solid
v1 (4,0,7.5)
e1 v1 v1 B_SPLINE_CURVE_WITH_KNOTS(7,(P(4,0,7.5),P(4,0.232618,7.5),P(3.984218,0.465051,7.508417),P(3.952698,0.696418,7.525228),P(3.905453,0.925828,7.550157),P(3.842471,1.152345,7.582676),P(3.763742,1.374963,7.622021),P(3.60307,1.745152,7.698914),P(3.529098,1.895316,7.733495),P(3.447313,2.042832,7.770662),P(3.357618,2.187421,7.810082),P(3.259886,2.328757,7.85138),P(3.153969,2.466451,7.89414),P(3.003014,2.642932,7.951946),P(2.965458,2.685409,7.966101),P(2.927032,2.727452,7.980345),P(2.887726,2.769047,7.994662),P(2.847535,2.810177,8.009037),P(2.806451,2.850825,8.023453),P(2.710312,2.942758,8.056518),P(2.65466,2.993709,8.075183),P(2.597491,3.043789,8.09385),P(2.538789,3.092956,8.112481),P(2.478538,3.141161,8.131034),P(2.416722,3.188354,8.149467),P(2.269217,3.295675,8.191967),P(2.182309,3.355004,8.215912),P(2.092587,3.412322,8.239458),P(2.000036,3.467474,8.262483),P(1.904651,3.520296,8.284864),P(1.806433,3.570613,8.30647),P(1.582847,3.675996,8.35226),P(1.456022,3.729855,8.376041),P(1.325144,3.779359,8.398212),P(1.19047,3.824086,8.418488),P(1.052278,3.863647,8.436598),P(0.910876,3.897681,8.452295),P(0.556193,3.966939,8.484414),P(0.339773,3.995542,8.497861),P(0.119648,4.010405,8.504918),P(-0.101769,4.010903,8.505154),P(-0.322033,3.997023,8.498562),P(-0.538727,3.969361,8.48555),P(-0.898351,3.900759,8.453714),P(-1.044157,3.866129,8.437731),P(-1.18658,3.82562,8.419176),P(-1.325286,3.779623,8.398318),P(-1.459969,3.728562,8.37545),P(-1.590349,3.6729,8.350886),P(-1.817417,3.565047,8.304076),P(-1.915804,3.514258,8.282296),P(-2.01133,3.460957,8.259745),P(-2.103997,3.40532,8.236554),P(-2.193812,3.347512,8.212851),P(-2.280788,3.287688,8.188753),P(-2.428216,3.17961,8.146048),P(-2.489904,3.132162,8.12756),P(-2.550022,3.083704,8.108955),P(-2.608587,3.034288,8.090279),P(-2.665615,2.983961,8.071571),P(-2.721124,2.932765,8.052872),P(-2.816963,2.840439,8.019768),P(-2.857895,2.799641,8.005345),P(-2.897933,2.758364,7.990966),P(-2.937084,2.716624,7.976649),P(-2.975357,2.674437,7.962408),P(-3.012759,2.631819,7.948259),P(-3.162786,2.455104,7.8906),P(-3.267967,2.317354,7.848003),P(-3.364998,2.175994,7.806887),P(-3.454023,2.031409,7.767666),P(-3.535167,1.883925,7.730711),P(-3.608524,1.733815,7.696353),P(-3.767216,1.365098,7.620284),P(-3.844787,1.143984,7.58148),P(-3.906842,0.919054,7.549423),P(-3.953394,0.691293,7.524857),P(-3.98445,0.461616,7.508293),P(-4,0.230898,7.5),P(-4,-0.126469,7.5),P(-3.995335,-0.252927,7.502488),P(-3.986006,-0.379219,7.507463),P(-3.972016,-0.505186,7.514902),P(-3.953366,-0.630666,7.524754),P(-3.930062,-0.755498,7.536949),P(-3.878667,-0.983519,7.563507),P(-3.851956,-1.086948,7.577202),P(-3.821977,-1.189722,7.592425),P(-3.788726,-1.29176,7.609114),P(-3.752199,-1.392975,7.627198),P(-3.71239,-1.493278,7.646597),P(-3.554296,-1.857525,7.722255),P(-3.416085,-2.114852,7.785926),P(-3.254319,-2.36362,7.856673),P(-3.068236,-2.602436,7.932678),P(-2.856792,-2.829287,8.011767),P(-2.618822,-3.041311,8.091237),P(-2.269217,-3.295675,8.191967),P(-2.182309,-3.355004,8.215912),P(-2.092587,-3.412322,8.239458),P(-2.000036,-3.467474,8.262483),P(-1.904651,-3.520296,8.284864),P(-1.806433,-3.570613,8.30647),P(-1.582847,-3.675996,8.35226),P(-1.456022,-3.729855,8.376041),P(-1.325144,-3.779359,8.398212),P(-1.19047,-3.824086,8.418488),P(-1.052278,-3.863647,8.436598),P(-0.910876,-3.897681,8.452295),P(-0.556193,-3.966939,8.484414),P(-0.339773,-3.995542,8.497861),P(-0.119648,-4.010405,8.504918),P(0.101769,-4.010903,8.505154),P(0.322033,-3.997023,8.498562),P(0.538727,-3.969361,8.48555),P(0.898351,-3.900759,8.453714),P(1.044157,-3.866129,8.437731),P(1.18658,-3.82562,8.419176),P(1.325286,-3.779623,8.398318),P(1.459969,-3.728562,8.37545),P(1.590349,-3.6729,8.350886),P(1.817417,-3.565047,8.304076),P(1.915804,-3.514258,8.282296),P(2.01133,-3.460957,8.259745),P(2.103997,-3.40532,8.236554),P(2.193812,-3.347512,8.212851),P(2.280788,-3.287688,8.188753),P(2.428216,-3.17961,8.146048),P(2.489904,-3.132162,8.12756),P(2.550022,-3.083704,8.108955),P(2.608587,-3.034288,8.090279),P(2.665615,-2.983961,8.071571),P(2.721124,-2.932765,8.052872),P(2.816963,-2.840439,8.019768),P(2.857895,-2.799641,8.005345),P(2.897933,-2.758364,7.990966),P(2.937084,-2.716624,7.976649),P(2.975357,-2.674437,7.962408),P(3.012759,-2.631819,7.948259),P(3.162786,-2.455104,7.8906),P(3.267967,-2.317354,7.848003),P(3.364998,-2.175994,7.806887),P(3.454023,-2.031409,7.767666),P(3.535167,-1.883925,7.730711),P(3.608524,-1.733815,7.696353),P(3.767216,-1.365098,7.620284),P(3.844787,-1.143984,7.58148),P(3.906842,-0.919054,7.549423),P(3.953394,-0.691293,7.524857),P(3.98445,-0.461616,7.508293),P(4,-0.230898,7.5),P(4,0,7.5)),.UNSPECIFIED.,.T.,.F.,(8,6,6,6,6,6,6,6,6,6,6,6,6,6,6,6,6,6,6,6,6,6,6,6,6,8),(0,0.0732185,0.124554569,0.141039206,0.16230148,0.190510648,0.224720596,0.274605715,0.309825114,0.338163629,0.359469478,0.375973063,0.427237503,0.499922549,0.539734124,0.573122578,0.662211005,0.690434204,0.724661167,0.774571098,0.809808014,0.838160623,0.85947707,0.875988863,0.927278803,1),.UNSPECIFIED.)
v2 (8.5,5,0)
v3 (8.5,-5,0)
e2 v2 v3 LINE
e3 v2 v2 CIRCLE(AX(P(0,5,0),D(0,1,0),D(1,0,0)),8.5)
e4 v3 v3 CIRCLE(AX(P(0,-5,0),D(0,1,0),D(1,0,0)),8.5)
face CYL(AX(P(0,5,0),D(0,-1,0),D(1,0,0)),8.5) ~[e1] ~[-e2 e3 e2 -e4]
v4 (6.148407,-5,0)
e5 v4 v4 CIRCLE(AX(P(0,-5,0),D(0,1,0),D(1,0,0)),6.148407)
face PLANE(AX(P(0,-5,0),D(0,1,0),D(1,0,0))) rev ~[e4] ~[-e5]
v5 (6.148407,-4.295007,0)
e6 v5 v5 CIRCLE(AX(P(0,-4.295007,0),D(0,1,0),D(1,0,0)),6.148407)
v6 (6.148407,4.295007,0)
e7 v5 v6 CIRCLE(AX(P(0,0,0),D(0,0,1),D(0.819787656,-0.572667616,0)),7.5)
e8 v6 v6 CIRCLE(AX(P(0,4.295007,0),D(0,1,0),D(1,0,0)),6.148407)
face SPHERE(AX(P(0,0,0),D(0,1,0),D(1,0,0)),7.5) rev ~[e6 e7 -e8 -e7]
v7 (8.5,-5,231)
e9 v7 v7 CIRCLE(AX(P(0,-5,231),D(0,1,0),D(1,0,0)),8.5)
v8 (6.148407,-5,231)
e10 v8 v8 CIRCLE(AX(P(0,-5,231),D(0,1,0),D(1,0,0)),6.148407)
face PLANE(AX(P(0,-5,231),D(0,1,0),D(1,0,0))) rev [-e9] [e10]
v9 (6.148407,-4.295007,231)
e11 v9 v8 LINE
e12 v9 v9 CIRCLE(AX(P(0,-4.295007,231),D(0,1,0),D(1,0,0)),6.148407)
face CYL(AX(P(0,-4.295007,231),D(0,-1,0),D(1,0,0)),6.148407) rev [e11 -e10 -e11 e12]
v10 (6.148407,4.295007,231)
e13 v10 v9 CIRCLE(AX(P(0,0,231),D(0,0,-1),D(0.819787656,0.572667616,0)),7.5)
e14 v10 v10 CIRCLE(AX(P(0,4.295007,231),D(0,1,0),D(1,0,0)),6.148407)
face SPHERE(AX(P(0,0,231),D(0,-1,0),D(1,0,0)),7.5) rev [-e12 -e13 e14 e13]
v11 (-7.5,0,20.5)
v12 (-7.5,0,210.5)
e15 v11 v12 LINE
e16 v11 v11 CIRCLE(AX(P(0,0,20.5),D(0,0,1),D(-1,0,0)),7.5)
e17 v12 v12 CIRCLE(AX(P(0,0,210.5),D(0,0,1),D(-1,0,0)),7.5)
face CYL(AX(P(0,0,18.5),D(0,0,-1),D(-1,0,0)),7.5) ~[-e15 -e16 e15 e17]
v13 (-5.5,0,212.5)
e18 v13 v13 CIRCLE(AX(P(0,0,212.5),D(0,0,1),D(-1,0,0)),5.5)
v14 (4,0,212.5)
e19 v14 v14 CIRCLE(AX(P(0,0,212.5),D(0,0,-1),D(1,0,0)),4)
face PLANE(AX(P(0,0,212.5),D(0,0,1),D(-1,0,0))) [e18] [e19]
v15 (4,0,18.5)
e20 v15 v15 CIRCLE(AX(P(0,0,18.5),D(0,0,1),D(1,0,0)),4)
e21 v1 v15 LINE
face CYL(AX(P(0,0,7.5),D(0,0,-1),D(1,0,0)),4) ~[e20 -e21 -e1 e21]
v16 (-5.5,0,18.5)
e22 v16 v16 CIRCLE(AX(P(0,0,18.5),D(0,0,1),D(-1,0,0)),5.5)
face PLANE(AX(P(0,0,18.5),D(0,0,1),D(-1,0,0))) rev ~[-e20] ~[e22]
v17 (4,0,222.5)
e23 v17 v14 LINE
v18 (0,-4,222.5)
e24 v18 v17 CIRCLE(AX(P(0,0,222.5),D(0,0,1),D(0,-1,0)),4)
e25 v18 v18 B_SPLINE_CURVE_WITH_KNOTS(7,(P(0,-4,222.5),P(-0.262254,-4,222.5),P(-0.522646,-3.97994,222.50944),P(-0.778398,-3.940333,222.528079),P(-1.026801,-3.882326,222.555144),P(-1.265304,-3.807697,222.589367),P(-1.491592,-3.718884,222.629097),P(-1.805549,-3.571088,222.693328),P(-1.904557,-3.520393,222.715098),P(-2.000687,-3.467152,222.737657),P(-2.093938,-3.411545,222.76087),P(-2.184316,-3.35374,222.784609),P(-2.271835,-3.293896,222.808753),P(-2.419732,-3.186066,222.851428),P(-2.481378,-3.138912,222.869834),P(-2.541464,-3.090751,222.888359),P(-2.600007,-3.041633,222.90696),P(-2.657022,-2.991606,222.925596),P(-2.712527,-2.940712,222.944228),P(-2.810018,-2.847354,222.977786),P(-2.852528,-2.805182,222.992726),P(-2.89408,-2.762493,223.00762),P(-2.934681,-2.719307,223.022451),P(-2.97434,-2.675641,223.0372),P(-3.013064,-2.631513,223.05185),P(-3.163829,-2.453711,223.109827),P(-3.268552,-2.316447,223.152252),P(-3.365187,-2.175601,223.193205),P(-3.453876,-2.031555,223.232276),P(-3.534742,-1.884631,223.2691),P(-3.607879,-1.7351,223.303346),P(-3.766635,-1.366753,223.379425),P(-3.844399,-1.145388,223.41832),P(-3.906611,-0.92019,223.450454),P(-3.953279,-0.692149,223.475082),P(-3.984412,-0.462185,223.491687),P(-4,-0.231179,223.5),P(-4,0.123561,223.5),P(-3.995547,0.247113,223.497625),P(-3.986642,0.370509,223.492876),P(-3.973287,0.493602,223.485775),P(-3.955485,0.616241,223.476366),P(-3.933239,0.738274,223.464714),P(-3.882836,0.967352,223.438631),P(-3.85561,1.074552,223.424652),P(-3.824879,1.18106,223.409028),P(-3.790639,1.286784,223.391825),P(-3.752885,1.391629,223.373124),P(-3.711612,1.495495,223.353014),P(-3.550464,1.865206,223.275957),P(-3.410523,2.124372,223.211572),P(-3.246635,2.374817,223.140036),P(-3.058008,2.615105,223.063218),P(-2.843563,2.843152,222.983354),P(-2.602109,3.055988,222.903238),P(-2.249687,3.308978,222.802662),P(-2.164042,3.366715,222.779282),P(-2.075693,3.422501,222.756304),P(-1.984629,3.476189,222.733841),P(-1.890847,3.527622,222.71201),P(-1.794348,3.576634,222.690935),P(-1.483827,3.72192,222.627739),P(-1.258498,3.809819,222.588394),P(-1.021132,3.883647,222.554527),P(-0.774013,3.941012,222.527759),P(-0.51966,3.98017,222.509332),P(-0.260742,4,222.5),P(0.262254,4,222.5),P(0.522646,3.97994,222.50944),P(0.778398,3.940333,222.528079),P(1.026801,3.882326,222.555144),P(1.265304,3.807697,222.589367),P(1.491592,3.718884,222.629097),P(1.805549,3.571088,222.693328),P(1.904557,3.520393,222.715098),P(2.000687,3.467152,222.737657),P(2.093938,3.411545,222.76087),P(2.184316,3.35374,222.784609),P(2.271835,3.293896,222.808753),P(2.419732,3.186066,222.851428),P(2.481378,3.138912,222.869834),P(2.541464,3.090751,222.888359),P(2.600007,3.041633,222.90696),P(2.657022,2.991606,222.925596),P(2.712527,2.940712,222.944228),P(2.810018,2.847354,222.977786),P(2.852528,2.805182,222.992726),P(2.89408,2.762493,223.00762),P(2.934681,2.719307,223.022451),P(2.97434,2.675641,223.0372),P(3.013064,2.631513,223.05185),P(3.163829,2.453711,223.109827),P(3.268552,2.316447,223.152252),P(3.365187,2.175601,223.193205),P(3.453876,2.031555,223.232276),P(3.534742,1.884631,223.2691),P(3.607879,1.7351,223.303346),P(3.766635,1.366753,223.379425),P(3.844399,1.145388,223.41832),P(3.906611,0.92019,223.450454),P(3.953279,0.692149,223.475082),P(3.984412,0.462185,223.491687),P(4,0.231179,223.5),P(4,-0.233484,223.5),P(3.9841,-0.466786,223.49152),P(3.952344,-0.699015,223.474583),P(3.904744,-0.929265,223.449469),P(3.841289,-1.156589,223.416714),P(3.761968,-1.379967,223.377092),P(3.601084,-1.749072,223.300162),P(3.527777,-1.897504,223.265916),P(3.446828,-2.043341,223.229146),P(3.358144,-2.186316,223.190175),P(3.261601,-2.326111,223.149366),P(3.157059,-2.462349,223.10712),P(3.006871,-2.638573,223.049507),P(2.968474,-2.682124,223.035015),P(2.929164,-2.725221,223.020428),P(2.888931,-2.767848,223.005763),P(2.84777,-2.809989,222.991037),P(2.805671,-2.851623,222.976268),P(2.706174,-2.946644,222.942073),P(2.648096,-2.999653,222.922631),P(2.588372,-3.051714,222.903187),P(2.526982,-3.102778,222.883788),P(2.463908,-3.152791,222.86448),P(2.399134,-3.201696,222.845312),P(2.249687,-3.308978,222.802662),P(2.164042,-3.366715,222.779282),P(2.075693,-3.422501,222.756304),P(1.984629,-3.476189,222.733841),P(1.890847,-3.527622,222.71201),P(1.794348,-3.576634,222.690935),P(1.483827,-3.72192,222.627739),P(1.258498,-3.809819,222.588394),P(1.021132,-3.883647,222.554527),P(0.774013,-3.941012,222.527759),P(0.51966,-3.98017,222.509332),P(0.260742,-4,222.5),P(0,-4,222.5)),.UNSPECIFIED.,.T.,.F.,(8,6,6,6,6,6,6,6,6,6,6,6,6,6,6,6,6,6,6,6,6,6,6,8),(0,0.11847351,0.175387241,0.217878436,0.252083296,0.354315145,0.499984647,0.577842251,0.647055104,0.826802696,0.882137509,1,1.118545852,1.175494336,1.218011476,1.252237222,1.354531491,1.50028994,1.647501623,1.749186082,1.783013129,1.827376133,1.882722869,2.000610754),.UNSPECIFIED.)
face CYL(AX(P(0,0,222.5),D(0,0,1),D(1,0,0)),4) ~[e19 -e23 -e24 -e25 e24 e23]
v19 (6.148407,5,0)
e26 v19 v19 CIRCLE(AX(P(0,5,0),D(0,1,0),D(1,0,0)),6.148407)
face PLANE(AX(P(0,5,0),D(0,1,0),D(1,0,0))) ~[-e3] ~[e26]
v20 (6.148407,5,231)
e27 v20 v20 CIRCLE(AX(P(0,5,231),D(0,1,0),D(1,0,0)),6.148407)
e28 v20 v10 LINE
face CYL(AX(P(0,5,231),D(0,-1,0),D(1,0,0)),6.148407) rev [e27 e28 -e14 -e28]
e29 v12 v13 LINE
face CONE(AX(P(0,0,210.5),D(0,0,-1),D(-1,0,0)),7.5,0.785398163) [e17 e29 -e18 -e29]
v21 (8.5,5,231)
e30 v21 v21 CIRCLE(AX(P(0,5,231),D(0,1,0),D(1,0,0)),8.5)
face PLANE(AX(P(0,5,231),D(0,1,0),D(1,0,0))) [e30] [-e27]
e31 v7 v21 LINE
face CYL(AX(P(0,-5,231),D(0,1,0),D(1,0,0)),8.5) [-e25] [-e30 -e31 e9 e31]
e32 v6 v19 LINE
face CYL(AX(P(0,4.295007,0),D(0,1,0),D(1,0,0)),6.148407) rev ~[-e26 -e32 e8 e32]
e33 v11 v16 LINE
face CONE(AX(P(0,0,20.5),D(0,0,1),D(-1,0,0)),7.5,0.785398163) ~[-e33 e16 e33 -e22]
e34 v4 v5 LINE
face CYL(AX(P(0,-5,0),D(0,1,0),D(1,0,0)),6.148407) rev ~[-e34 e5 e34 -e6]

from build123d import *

# Parameters (mm, degrees)
BOSS_EXTRUDE1_START             = -1
SKETCH2_R                       = 4
BOSS_EXTRUDE1_DEPTH             = 11
SKETCH3_R                       = 7.5
BOSS_EXTRUDE2_DEPTH             = 194
CHAMFER1_SIZE                   = 2
CHAMFER2_SIZE                   = 2
BOSS_EXTRUDE3_REACH             = 233.278
BOSS_EXTRUDE3_END_RADIUS        = 8.5
SKETCH5_R                       = 4
BOSS_EXTRUDE3_DIRECTION_2_DEPTH = 10


with BuildPart() as part:
    # Sketch1 → Revolve2 (revolve)
    with BuildSketch(Plane.XY):
        with BuildLine():
            Line((6.148407421, 4.295007123), (6.148407421, 5))
            Line((6.148407421, 5), (8.5, 5))
            Line((8.5, 5), (8.5, -5))
            Line((8.5, -5), (6.148407421, -5))
            Line((6.148407421, -5), (6.148407421, -4.295007123))
            ThreePointArc((6.148407421, -4.295007123), (7.5, 0), (6.148407421, 4.295007123))
        make_face()
    revolve(axis=Axis((0, -1000, 0), (0, 1, 0)))

    # Sketch2 → Boss-Extrude1 (add)
    with BuildSketch(Plane.XY.offset(8.5).offset(BOSS_EXTRUDE1_START)):
        Circle(SKETCH2_R)
    extrude(amount=BOSS_EXTRUDE1_DEPTH)

    # Sketch3 → Boss-Extrude2 (add)
    with BuildSketch(Plane.XY.offset(18.5)):
        with Locations(Location((0, 0, 0), (0, 0, 180))):
            Circle(SKETCH3_R)
    extrude(amount=BOSS_EXTRUDE2_DEPTH)

    # Chamfer1
    chamfer1_edges = [part.edges().sort_by_distance(p)[0] for p in [
        (7.5, 0, 18.5),
    ]]
    chamfer(chamfer1_edges, length=CHAMFER1_SIZE)

    # Chamfer2
    chamfer2_edges = [part.edges().sort_by_distance(p)[0] for p in [
        (7.5, 0, 212.5),
    ]]
    chamfer(chamfer2_edges, length=CHAMFER2_SIZE)



with BuildPart() as body_2:
    # Sketch4 → Revolve3 (revolve)
    with BuildSketch(Plane.XY.offset(231)):
        with BuildLine():
            Line((6.148407421, 5), (6.148407421, 4.295007123))
            ThreePointArc((6.148407421, 4.295007123), (7.5, 0), (6.148407421, -4.295007123))
            Line((6.148407421, -4.295007123), (6.148407421, -5))
            Line((6.148407421, -5), (8.5, -5))
            Line((8.5, -5), (8.5, 5))
            Line((8.5, 5), (6.148407421, 5))
        make_face()
    revolve(axis=Axis((0, -1000, 231), (0, 1, 0)))


with BuildPart() as part_1:
    add(part.part)

    add(body_2.part)  # Boss-Extrude3 merges body 2
    # Boss-Extrude3: up to this cylinder (the profile starts outside it)
    boss_extrude3_end = Plane(origin=(0, 0, 231), z_dir=(0, -1, 0)) * Cylinder(BOSS_EXTRUDE3_END_RADIUS, 484.556, mode=Mode.PRIVATE)
    # Sketch5 → Boss-Extrude3 (add, up to the surface)
    with BuildSketch(Plane(origin=(0, 0, 222.5), x_dir=(-1, 0, 0), z_dir=(0, 0, -1)), mode=Mode.PRIVATE) as boss_extrude3_sk1:
        with Locations(Location((0, 0, 0), (0, 0, 180))):
            Circle(SKETCH5_R)
    boss_extrude3_tool1 = extrude(boss_extrude3_sk1.sketch, amount=-BOSS_EXTRUDE3_REACH, mode=Mode.PRIVATE) - boss_extrude3_end
    add(boss_extrude3_tool1.solids().sort_by_distance((0, 0, 222.5))[0])
    add(boss_extrude3_tool1.solids().sort_by_distance((0, 0, 222.5))[1])

    # Sketch5 → Boss-Extrude3 direction 2 (add)
    with BuildSketch(Plane(origin=(0, 0, 222.5), x_dir=(-1, 0, 0), z_dir=(0, 0, -1))):
        with Locations(Location((0, 0, 0), (0, 0, 180))):
            Circle(SKETCH5_R)
    extrude(amount=BOSS_EXTRUDE3_DIRECTION_2_DEPTH)


solid = part_1.part
